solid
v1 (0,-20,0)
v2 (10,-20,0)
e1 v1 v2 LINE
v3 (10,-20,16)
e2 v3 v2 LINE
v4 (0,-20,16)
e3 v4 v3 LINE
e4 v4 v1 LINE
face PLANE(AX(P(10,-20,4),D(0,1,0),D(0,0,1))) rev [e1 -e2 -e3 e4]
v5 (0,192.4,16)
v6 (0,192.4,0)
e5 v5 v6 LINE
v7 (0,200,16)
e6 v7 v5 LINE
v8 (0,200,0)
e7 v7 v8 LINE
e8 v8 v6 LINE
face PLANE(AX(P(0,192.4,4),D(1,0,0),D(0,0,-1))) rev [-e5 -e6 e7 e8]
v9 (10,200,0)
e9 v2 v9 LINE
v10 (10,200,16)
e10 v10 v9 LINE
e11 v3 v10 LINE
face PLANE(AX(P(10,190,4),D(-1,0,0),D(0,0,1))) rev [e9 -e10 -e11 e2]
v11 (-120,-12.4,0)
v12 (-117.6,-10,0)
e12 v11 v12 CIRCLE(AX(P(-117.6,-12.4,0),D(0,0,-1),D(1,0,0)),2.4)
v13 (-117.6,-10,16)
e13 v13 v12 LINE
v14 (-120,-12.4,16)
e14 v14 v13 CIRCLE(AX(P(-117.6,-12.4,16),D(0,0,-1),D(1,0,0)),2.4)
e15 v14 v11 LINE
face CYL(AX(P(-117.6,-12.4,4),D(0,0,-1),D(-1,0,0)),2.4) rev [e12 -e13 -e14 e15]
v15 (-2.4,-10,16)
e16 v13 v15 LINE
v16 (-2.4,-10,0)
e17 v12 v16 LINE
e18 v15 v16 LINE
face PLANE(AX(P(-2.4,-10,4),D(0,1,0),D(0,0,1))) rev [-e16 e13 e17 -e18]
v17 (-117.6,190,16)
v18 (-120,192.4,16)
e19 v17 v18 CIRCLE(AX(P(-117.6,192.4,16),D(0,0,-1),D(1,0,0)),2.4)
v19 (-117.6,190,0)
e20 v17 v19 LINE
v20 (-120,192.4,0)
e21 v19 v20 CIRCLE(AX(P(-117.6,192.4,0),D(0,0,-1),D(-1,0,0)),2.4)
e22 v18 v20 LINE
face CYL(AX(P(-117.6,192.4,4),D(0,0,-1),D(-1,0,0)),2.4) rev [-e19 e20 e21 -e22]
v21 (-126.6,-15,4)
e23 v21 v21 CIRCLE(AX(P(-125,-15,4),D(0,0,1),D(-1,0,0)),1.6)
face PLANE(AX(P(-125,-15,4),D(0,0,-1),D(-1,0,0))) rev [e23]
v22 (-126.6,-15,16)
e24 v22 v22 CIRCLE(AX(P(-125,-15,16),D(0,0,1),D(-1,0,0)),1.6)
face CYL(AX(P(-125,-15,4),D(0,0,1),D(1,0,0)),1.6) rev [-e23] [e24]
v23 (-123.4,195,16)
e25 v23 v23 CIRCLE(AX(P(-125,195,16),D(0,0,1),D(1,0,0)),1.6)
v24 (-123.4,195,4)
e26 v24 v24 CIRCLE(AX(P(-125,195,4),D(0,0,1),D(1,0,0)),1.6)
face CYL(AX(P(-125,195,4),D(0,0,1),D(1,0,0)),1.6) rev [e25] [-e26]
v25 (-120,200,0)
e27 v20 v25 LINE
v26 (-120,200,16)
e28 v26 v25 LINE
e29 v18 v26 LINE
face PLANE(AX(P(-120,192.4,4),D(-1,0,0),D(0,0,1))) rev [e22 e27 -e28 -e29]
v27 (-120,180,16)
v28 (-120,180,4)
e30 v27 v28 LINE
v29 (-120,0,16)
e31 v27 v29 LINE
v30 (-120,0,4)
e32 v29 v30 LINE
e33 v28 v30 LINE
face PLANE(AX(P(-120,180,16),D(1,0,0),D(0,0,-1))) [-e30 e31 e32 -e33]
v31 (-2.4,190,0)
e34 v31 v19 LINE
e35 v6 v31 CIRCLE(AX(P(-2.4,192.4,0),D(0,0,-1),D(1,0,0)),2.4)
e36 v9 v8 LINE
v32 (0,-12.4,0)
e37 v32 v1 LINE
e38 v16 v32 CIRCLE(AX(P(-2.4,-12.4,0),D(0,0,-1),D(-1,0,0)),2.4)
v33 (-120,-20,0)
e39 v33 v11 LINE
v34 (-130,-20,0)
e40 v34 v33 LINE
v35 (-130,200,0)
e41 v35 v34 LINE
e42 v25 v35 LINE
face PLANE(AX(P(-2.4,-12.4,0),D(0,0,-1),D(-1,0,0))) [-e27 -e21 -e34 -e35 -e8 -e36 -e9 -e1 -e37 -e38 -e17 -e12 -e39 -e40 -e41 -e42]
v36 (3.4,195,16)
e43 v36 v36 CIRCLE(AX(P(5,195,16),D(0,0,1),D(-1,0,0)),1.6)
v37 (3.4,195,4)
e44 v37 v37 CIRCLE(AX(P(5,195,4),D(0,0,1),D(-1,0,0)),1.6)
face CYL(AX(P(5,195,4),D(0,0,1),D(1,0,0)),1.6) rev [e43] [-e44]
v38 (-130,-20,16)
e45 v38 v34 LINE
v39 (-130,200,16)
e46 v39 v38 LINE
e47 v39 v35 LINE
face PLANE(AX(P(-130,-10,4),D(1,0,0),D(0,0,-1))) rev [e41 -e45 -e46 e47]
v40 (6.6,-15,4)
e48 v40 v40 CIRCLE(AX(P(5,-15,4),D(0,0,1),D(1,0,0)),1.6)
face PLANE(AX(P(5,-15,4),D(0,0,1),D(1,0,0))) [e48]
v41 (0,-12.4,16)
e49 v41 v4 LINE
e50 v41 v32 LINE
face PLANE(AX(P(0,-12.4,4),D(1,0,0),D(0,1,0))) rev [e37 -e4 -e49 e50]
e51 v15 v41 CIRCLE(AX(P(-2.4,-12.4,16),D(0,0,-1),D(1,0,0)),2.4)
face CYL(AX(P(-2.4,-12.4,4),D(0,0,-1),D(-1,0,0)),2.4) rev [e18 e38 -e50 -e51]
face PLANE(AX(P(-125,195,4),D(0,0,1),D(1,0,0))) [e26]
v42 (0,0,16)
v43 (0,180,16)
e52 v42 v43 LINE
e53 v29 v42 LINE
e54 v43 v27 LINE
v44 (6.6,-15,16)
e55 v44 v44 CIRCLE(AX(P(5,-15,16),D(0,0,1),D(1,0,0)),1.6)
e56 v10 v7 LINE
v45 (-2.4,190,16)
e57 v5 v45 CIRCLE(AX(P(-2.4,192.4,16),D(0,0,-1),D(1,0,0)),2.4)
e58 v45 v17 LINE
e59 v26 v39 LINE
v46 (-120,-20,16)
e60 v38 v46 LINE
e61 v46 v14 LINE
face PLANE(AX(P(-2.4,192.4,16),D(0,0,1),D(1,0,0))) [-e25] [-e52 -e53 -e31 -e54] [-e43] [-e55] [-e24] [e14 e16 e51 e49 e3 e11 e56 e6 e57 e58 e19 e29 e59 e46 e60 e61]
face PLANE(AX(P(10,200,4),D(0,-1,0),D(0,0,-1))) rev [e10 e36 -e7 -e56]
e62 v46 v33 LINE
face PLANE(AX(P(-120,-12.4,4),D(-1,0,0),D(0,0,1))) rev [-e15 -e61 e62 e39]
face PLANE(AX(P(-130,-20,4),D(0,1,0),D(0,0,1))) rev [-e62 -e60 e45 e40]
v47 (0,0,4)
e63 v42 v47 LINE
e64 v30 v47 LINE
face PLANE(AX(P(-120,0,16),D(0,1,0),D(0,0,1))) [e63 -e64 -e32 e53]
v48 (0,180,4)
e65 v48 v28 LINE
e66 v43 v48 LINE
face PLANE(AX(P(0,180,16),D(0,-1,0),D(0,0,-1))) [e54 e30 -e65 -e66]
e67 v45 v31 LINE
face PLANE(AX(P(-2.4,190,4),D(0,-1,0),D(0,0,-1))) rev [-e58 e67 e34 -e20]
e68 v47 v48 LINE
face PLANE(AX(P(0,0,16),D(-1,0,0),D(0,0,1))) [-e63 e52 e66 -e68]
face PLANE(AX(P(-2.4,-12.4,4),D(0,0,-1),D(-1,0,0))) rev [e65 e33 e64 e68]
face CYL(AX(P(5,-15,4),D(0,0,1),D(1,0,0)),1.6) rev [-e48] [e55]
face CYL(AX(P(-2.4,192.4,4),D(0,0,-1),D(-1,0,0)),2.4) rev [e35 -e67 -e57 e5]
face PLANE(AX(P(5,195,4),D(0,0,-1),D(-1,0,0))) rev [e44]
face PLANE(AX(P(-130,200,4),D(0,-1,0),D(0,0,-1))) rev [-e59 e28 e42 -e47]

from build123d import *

# Parameters (mm, degrees)
BOSS_EXTRUDE1_DEPTH = 4
SKETCH2_W           = 120
SKETCH2_H           = 180
BOSS_EXTRUDE2_DEPTH = 12
SKETCH3_R           = 1.6
CUT_EXTRUDE1_DEPTH  = 12


with BuildPart() as part:
    # Sketch1 → Boss-Extrude1 (new body)
    with BuildSketch(Plane(origin=(0, 0, 0), x_dir=(0, 1, 0), z_dir=(0, 0, 1))):
        with BuildLine():
            Line((-10, 2.4), (-10, 117.6))
            ThreePointArc((-10, 117.6), (-10.702943725, 119.297056275), (-12.4, 120))
            Line((-12.4, 120), (-20, 120))
            Line((-20, 120), (-20, 130))
            Line((-20, 130), (-10, 130))
            Line((-10, 130), (190, 130))
            Line((190, 130), (200, 130))
            Line((200, 130), (200, 120))
            Line((200, 120), (192.4, 120))
            ThreePointArc((192.4, 120), (190.702943725, 119.297056275), (190, 117.6))
            Line((190, 117.6), (190, 2.4))
            ThreePointArc((190, 2.4), (190.702943725, 0.702943725), (192.4, 0))
            Line((192.4, 0), (200, 0))
            Line((200, 0), (200, -10))
            Line((200, -10), (190, -10))
            Line((190, -10), (-10, -10))
            Line((-10, -10), (-20, -10))
            Line((-20, -10), (-20, 0))
            Line((-20, 0), (-12.4, 0))
            ThreePointArc((-12.4, 0), (-10.702943725, 0.702943725), (-10, 2.4))
        make_face()
    extrude(amount=BOSS_EXTRUDE1_DEPTH)

    # Sketch2 → Boss-Extrude2 (add)
    with BuildSketch(Plane.XY.offset(4)):
        with BuildLine():
            Line((10, -20), (10, 200))
            Line((10, 200), (0, 200))
            Line((0, 200), (0, 192.4))
            ThreePointArc((0, 192.4), (-0.702943725, 190.702943725), (-2.4, 190))
            Line((-2.4, 190), (-117.6, 190))
            ThreePointArc((-117.6, 190), (-119.297056275, 190.702943725), (-120, 192.4))
            Line((-120, 192.4), (-120, 200))
            Line((-120, 200), (-130, 200))
            Line((-130, 200), (-130, -20))
            Line((-130, -20), (-120, -20))
            Line((-120, -20), (-120, -12.4))
            ThreePointArc((-120, -12.4), (-119.297056275, -10.702943725), (-117.6, -10))
            Line((-117.6, -10), (-2.4, -10))
            ThreePointArc((-2.4, -10), (-0.702943725, -10.702943725), (0, -12.4))
            Line((0, -12.4), (0, -20))
            Line((0, -20), (10, -20))
        make_face()
        with Locations((-60, 90)):
            Rectangle(SKETCH2_W, SKETCH2_H, mode=Mode.SUBTRACT)
    extrude(amount=BOSS_EXTRUDE2_DEPTH)

    # Sketch3 → Cut-Extrude1 (cut)
    with BuildSketch(Plane.XY.offset(16)):
        with Locations((-125, 195)):
            Circle(SKETCH3_R)
        with Locations((5, 195)):
            Circle(SKETCH3_R)
        with Locations((5, -15)):
            Circle(SKETCH3_R)
        with Locations((-125, -15)):
            Circle(SKETCH3_R)
    extrude(amount=-CUT_EXTRUDE1_DEPTH, mode=Mode.SUBTRACT)


solid = part.part
